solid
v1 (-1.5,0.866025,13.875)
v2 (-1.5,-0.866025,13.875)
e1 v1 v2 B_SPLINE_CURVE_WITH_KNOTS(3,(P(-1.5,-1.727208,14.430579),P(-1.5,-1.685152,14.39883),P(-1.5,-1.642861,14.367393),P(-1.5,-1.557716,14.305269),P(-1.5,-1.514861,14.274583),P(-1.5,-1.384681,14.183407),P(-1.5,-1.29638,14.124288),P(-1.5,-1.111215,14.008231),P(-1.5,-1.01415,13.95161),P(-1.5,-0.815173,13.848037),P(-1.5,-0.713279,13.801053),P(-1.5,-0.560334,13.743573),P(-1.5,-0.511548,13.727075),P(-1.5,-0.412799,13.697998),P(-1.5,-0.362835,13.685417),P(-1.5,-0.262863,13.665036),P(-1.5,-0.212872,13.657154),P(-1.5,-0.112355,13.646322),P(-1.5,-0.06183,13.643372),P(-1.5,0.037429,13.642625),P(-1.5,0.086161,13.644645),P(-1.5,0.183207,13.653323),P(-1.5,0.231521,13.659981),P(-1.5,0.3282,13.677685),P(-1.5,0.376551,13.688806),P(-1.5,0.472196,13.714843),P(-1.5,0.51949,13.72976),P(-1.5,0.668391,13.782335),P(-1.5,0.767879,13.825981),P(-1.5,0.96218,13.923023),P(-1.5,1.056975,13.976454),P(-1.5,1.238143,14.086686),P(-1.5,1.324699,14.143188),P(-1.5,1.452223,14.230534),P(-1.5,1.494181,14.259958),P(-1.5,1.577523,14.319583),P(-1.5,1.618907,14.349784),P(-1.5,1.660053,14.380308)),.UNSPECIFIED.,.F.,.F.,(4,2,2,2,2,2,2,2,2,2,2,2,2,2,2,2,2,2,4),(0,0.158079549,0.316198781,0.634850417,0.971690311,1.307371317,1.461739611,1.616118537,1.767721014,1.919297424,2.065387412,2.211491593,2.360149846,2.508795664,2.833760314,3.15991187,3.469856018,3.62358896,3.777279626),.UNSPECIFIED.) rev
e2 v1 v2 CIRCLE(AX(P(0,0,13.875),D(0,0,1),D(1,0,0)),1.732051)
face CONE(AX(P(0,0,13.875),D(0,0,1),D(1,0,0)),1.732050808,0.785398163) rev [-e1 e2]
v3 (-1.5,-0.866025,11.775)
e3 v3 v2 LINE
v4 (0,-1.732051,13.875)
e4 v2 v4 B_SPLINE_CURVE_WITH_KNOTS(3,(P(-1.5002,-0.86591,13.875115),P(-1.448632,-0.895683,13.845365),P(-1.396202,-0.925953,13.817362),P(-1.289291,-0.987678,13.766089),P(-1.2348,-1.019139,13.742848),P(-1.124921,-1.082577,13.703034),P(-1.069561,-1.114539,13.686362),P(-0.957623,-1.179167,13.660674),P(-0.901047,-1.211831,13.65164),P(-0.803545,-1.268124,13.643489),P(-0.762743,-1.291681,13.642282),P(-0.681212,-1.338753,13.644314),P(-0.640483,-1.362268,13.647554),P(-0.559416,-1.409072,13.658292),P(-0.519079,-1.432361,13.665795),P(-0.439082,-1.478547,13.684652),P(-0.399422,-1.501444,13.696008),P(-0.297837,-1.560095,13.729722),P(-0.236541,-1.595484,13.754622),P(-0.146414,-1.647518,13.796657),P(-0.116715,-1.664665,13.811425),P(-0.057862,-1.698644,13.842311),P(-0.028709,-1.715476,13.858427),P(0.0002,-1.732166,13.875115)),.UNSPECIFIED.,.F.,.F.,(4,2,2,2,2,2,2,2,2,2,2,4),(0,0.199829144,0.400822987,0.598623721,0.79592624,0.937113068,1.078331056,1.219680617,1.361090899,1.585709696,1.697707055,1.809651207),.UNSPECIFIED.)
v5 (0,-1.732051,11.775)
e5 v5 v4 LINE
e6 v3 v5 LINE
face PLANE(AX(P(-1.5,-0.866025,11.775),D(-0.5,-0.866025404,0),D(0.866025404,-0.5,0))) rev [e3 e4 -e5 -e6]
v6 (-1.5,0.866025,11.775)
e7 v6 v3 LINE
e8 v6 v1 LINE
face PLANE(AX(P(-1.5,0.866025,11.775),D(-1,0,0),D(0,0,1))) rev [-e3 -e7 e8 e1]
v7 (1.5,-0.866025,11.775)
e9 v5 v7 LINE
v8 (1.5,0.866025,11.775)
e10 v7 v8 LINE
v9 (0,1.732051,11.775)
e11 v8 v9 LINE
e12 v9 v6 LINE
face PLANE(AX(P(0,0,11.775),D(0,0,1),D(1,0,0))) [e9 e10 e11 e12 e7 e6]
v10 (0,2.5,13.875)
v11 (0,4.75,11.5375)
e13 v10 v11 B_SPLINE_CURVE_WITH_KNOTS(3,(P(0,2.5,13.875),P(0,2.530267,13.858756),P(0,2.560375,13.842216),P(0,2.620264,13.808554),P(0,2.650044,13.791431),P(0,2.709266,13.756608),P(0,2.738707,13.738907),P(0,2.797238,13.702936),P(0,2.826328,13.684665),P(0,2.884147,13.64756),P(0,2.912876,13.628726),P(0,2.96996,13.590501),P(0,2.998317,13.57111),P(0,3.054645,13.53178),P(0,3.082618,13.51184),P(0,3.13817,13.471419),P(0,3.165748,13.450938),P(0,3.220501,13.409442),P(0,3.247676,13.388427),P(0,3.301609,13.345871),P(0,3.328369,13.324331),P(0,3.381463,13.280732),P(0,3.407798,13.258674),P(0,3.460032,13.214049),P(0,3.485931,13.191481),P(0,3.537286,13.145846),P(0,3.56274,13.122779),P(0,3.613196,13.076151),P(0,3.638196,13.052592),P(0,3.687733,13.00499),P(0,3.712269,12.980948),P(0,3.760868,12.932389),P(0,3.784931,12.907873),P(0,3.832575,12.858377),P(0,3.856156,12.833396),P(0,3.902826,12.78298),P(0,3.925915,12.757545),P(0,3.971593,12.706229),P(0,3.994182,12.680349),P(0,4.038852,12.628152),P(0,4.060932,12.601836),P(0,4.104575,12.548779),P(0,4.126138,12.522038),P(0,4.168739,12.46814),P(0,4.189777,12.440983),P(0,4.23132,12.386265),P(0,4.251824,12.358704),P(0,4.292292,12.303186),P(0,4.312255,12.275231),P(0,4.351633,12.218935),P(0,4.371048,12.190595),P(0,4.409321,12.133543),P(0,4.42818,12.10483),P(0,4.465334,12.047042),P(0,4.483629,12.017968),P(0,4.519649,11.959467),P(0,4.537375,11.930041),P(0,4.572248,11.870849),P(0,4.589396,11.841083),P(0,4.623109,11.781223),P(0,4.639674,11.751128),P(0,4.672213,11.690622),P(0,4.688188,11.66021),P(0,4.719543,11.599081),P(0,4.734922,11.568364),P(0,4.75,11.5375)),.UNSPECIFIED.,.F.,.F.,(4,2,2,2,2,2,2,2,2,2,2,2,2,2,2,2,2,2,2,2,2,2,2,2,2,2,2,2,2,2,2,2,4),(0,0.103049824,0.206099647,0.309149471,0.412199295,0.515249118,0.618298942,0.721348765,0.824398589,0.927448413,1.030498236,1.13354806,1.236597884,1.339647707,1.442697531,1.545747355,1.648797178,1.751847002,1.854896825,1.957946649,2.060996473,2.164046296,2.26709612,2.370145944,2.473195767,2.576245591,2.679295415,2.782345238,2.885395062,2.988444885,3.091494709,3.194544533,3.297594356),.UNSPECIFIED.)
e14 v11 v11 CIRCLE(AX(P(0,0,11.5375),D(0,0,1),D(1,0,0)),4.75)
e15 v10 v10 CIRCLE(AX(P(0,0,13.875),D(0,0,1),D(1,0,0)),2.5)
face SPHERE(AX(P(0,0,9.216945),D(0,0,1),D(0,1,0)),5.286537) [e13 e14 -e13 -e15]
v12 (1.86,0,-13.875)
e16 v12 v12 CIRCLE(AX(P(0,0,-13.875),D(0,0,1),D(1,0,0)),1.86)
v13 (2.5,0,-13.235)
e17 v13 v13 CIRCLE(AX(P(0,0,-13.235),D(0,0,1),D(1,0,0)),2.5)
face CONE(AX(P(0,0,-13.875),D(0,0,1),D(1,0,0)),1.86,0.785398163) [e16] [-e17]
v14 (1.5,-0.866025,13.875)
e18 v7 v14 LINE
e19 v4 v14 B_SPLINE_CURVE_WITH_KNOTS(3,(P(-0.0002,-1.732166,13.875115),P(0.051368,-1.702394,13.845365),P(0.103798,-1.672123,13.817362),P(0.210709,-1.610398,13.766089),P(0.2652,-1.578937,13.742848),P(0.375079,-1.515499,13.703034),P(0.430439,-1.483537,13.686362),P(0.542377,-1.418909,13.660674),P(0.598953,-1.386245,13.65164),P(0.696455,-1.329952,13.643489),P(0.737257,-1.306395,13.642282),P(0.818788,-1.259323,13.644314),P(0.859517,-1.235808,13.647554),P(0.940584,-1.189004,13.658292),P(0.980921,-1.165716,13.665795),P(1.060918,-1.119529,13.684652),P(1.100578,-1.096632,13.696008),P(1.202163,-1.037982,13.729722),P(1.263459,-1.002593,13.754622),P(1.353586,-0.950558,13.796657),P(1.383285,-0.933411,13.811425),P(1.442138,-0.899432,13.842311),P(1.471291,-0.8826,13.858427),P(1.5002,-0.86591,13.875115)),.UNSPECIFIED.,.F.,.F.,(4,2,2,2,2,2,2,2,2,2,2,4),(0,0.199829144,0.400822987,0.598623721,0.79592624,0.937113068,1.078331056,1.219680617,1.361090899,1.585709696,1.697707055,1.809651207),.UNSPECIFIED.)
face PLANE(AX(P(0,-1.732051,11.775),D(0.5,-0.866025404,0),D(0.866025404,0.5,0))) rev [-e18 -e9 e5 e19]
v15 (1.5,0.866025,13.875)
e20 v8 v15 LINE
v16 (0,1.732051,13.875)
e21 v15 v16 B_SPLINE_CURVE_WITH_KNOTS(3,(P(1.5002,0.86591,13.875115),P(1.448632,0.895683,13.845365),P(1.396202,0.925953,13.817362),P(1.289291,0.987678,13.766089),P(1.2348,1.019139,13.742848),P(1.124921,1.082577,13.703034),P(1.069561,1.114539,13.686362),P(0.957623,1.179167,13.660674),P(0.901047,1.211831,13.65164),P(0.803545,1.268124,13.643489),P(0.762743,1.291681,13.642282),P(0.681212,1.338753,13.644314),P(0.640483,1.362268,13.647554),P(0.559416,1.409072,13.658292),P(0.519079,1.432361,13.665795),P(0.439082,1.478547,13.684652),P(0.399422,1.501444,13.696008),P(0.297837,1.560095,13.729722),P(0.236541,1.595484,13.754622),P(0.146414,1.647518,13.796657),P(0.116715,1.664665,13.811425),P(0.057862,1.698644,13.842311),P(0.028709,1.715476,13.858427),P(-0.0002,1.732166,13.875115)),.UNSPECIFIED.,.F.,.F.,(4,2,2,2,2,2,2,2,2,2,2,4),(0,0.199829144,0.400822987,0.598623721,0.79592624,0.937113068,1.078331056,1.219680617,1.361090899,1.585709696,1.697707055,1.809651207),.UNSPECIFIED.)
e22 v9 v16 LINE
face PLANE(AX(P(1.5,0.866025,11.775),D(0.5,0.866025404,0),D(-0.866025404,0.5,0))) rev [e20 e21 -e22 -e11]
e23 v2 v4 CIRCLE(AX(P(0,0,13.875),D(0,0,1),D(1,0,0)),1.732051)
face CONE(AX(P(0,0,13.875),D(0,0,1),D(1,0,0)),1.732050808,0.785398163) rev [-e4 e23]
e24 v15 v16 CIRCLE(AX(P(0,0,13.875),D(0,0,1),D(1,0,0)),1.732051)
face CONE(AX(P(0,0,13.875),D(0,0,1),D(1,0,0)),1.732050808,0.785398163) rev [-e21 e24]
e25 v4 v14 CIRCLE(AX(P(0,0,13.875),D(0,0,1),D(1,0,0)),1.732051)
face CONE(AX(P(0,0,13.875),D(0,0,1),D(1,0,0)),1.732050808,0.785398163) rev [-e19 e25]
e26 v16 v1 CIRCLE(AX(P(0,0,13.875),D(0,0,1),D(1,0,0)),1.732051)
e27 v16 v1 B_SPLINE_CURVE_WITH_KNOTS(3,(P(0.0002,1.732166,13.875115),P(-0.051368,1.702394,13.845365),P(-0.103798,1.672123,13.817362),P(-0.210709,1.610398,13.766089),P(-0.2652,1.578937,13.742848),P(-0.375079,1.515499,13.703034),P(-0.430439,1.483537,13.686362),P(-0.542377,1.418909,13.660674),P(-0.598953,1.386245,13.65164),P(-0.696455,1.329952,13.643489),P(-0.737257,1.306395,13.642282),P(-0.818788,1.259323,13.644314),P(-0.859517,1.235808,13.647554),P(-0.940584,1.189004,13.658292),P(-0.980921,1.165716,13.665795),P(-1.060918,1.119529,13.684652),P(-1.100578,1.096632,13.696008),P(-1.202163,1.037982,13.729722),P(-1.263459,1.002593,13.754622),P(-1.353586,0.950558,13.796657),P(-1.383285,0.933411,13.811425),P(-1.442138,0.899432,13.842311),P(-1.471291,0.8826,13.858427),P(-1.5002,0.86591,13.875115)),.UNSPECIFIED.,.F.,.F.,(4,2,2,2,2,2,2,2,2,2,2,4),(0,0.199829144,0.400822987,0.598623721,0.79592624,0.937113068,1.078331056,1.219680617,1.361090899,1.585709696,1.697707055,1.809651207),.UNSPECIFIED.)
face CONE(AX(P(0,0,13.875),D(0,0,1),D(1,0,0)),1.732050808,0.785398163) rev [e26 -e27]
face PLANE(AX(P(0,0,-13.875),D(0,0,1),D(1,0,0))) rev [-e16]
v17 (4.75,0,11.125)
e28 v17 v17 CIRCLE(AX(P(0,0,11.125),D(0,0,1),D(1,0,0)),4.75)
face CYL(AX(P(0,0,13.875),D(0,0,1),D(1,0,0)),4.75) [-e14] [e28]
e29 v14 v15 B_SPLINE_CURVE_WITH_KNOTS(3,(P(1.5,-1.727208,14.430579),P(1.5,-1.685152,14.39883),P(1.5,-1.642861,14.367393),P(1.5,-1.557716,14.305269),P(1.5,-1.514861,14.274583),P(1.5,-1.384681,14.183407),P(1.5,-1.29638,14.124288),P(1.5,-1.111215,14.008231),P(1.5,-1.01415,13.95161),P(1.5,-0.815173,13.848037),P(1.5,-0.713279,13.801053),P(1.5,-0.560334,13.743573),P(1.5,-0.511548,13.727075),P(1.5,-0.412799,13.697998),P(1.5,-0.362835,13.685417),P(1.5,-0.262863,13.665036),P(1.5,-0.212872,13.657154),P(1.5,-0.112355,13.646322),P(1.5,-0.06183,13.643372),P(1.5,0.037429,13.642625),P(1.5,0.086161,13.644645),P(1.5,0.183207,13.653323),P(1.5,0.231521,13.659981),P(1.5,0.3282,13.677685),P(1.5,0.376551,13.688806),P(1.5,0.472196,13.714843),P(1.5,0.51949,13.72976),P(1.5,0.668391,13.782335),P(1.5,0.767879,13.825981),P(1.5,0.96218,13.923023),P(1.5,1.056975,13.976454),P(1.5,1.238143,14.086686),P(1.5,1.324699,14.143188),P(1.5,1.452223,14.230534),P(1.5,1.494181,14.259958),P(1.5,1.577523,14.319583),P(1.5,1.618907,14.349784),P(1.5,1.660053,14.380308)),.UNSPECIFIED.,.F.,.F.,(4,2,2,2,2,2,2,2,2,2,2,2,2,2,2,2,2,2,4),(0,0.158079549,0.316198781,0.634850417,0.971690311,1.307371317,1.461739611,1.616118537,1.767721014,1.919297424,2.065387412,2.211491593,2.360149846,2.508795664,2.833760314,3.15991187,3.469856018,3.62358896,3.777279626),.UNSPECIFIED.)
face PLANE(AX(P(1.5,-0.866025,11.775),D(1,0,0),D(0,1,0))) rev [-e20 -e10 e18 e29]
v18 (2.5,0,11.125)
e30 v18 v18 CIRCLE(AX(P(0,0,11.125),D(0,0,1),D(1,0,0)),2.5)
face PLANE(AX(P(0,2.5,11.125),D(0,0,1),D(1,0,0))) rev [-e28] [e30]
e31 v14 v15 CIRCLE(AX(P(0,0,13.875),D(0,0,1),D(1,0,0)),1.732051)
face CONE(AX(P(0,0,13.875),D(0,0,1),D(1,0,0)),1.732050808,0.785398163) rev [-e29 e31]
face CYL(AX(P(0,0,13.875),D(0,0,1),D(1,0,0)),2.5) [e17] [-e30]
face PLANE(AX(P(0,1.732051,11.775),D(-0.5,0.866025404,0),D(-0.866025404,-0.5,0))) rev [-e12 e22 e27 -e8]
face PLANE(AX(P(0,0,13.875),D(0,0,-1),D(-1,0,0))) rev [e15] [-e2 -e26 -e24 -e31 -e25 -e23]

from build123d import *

# Parameters (mm, degrees)
CUT_EXTRUDE1_DEPTH = 2.1


with BuildPart() as part:
    # Sketch2 → Revolve1 (revolve)
    with BuildSketch(Plane(origin=(0, 0, 0), x_dir=(0, 0, -1), z_dir=(1, 0, 0)), mode=Mode.PRIVATE) as revolve1_sk:
        with BuildLine():
            Line((-13.875, 0), (13.875, 0))
            Line((13.875, 0), (13.875, 1.86))
            Line((13.875, 1.86), (13.235, 2.5))
            Line((13.235, 2.5), (-11.125, 2.5))
            Line((-11.125, 2.5), (-11.125, 4.75))
            Line((-11.125, 4.75), (-11.5375, 4.75))
            ThreePointArc((-11.5375, 4.75), (-12.883124817, 3.808753282), (-13.875, 2.5))
            Line((-13.875, 2.5), (-13.875, 0))
        make_face()
    revolve(revolve1_sk.sketch.rotate(Axis((0, 0, 13.875), (0, 0, -1)), 90), axis=Axis((0, 0, 13.875), (0, 0, -1)))

    # Sketch3 → Cut-Extrude1 (cut)
    with BuildSketch(Plane.XY.offset(13.875)):
        Polygon((0, 1.732050808), (-1.5, 0.866025404), (-1.5, -0.866025404), (0, -1.732050808), (1.5, -0.866025404), (1.5, 0.866025404), align=None)
    extrude(amount=-CUT_EXTRUDE1_DEPTH, mode=Mode.SUBTRACT)

    # Cut-Extrude2 cone 1 section (through the dimple's axis) → Cut-Extrude2 (revolve, cut)
    with BuildSketch(Plane(origin=(0, 0, 13.875), x_dir=(0, -1, 0), z_dir=(1, 0, 0))):
        Polygon((0, 0), (1.732050808, 0), (0, 1.732050808), align=None)
    revolve(axis=Axis((0, 0, 13.875), (0, 0, -1)), mode=Mode.SUBTRACT)


solid = part.part
